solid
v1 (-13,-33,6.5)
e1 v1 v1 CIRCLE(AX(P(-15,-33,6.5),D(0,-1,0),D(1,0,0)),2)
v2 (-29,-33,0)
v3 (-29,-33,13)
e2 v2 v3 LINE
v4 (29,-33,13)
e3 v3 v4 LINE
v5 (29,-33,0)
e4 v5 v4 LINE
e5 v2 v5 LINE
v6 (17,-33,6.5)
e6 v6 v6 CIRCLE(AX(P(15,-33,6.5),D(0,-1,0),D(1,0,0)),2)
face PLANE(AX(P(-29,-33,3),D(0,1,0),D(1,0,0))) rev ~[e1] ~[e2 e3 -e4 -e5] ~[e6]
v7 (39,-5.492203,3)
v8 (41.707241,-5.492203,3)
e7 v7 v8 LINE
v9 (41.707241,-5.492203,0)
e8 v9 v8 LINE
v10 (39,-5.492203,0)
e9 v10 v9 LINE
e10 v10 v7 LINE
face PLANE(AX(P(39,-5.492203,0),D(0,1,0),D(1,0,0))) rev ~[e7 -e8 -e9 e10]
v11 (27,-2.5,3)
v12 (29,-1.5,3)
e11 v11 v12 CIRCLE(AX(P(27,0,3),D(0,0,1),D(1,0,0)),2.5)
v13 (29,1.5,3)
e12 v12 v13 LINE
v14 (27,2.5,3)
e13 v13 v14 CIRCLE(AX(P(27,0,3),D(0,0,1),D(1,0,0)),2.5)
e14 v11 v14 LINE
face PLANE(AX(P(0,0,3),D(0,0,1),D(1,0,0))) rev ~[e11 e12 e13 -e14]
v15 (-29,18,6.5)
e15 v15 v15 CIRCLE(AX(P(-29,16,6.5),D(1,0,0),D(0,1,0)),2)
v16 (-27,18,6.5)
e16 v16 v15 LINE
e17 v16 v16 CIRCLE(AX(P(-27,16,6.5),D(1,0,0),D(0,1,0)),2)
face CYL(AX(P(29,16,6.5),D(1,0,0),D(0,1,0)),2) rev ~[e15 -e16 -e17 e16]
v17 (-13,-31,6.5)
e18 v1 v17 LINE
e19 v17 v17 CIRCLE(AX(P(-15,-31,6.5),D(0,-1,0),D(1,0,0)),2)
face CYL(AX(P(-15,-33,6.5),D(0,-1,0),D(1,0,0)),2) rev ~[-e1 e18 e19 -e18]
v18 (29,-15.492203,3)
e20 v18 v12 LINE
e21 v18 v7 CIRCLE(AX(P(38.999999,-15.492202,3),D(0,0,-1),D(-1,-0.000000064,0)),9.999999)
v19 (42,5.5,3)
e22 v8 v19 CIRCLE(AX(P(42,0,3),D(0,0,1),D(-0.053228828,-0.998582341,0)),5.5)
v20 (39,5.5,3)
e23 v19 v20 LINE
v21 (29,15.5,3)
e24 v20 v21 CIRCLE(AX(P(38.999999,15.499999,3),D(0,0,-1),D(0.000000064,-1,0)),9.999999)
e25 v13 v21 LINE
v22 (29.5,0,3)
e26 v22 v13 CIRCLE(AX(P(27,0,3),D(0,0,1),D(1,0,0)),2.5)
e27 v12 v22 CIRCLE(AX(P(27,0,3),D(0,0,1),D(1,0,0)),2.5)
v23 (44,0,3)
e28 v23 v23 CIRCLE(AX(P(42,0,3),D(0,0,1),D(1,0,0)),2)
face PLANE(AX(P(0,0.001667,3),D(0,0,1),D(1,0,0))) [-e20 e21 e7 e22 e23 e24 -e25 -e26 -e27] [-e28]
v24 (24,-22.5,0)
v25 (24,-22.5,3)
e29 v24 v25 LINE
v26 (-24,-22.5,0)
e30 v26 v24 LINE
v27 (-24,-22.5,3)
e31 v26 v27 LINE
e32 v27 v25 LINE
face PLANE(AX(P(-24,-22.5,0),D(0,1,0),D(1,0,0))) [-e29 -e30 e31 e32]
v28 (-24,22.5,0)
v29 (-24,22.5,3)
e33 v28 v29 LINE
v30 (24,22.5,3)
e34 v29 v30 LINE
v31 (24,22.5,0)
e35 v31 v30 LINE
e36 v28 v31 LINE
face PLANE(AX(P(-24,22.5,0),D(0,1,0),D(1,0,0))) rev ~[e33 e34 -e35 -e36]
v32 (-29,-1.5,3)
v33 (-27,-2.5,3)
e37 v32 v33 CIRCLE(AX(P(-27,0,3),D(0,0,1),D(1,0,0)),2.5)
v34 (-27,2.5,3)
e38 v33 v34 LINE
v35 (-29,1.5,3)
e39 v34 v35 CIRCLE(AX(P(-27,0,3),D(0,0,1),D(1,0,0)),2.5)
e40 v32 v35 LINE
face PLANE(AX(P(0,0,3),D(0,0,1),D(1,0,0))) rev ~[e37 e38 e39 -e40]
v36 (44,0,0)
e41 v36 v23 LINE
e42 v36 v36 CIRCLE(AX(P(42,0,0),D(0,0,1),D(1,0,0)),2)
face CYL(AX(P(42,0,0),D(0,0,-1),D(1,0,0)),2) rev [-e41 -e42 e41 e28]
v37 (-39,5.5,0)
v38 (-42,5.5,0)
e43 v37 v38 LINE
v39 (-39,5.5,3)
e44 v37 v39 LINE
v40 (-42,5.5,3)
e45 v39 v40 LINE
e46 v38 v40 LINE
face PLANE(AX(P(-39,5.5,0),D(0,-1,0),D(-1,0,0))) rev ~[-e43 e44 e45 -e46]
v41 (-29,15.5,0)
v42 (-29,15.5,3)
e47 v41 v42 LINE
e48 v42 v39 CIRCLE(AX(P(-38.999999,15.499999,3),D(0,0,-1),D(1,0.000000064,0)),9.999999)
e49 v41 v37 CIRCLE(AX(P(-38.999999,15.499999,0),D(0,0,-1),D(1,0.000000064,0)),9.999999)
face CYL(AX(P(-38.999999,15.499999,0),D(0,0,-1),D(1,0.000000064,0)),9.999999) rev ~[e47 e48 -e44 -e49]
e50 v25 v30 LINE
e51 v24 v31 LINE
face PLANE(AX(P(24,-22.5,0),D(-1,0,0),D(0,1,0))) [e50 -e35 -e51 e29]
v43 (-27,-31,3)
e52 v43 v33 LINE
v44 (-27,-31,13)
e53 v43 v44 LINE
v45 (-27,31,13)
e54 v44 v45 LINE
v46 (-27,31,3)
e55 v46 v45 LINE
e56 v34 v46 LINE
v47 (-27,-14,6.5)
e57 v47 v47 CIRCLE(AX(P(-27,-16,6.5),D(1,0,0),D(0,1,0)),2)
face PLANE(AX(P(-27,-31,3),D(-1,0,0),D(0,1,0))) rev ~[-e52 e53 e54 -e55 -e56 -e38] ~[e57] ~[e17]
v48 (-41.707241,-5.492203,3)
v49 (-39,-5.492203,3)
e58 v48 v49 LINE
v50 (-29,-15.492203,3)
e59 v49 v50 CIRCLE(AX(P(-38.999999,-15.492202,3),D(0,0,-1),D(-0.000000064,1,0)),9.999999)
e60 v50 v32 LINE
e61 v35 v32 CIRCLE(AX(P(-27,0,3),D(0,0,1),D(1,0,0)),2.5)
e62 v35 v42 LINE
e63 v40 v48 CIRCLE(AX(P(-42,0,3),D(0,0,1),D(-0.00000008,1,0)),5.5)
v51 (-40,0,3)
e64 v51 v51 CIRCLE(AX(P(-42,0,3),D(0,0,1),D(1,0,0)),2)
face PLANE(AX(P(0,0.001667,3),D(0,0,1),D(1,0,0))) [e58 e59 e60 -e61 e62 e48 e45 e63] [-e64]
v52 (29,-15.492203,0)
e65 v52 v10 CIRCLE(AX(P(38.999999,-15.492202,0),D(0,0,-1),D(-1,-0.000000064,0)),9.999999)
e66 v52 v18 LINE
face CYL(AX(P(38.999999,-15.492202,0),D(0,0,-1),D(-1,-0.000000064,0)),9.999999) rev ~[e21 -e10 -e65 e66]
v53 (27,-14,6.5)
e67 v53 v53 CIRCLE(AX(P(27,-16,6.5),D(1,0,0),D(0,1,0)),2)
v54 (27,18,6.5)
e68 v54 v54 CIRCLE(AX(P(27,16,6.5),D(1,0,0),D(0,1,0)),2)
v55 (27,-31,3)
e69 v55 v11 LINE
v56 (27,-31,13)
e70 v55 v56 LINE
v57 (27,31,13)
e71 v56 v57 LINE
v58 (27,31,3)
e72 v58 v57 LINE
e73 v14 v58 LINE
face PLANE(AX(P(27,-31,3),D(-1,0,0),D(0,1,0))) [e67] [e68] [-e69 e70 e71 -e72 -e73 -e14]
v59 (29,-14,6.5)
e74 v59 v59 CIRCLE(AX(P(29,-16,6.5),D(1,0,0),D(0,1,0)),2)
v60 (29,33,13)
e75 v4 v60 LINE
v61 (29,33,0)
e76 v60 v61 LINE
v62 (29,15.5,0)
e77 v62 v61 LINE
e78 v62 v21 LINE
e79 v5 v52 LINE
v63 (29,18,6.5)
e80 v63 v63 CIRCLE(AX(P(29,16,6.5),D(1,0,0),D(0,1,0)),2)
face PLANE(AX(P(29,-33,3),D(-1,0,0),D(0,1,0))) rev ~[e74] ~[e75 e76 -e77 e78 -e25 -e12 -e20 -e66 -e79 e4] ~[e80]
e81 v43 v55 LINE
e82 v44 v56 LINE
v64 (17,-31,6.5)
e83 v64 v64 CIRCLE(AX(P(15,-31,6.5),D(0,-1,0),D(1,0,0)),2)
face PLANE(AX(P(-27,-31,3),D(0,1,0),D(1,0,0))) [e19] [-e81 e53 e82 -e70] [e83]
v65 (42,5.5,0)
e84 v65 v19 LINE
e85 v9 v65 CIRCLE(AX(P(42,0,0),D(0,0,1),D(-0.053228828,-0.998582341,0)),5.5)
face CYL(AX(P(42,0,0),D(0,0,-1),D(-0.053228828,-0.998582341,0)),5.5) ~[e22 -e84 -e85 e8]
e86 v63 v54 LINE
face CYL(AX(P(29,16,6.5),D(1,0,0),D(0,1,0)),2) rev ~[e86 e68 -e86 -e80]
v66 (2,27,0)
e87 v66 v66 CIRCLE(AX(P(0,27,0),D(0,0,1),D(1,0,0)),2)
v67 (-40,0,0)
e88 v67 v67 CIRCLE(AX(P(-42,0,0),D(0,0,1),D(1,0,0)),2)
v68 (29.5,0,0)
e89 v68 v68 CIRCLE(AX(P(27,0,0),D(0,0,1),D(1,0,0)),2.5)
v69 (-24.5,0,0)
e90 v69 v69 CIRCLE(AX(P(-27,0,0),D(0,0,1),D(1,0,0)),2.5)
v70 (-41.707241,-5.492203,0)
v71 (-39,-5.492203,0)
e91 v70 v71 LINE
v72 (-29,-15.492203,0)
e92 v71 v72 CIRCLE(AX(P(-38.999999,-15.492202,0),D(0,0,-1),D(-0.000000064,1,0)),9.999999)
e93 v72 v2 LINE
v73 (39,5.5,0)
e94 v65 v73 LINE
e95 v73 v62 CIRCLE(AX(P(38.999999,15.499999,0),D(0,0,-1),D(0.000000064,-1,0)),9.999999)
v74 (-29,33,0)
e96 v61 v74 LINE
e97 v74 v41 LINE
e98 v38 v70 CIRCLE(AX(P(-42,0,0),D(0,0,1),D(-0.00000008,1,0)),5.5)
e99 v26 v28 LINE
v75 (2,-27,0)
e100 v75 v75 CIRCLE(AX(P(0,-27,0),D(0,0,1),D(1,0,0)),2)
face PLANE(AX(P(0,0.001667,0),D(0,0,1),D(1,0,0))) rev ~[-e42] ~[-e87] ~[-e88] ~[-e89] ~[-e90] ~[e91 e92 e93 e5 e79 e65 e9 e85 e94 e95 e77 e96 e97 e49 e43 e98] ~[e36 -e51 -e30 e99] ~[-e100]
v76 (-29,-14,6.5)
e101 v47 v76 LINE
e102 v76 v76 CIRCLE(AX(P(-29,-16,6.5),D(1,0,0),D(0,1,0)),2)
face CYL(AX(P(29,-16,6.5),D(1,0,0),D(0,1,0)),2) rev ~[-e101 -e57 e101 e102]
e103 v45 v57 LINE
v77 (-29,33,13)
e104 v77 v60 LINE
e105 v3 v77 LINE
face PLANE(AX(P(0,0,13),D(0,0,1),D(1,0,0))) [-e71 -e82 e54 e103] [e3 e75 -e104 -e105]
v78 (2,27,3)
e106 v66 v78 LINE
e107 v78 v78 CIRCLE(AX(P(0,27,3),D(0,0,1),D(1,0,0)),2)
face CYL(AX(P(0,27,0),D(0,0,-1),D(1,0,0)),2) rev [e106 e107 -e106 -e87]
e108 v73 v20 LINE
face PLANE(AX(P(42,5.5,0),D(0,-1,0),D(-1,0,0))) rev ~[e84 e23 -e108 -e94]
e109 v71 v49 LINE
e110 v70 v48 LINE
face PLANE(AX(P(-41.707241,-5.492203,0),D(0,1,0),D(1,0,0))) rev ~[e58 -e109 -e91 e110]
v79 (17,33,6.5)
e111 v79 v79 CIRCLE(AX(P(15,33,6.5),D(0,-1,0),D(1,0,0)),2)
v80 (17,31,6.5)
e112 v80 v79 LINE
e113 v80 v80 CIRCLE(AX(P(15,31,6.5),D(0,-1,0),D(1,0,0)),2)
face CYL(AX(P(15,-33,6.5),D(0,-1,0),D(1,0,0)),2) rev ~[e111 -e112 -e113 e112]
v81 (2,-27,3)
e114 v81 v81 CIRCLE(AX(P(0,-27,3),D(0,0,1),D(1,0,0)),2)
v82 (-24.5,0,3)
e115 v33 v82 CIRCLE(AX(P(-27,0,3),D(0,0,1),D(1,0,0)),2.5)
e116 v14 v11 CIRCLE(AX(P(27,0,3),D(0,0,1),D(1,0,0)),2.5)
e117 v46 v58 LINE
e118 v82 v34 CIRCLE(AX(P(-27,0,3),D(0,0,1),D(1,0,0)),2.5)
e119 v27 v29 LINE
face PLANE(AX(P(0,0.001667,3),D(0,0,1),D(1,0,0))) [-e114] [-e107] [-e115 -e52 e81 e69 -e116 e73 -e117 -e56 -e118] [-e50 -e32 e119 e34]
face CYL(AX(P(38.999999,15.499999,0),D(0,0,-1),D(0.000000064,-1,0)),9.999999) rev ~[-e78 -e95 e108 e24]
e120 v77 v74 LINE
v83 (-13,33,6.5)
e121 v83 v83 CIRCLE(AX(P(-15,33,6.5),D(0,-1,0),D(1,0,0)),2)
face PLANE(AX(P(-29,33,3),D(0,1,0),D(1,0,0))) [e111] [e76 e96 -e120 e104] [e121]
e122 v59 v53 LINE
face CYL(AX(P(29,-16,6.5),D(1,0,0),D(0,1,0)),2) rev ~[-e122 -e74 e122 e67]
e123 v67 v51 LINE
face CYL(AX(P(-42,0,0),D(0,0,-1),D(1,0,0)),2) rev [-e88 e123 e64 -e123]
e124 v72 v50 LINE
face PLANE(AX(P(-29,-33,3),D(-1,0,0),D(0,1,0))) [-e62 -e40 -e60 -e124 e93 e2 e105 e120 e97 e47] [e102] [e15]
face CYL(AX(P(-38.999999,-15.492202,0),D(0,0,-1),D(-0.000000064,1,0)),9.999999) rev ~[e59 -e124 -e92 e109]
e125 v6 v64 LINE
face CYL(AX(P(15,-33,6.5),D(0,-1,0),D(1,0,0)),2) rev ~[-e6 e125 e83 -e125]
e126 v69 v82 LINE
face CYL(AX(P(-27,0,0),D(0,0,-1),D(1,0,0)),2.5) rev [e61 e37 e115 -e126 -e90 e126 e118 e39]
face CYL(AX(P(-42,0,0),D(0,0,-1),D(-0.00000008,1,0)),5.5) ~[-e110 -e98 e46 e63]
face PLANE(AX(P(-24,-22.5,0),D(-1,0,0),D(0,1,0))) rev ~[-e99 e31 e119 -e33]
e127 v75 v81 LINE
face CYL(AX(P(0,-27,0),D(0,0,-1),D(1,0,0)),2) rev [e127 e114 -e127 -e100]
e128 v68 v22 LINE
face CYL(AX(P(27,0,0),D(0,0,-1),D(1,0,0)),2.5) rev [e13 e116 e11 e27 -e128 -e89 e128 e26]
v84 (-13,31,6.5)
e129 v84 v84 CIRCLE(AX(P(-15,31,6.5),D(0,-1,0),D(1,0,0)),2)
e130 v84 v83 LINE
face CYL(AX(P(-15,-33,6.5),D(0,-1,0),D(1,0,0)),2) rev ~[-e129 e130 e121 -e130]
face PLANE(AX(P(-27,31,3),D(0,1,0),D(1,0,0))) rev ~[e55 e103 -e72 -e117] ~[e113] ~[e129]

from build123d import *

# Parameters (mm, degrees)
F0_R     = 2
F0_R_2   = 2.5
F0_W     = 48
F0_H     = 45
F1_DEPTH = 3
F2_W     = 58
F2_H     = 66
F2_W_2   = 54
F2_H_2   = 62
F3_DEPTH = 10
F4_R     = 2
F5_DEPTH = 150
F6_R     = 2
F7_DEPTH = 150


with BuildPart() as f1:
    # F0 (on Top) → F1 (new body)
    with BuildSketch(Plane.XY):
        with BuildLine():
            Line((-29, -33), (29, -33))
            Line((29, -33), (29, -15.492203))
            ThreePointArc((29, -15.492203), (31.928932, -8.421135), (39, -5.492203))
            Line((39, -5.492203), (41.707241, -5.492203))
            ThreePointArc((41.707241, -5.492203), (47.49805, -0.146431), (42, 5.5))
            Line((42, 5.5), (39, 5.5))
            ThreePointArc((39, 5.5), (31.928932, 8.428932), (29, 15.5))
            Line((29, 15.5), (29, 33))
            Line((29, 33), (-29, 33))
            Line((-29, 33), (-29, 15.5))
            ThreePointArc((-29, 15.5), (-31.928932, 8.428932), (-39, 5.5))
            Line((-39, 5.5), (-42, 5.5))
            ThreePointArc((-42, 5.5), (-47.49805, -0.146431), (-41.707241, -5.492203))
            Line((-41.707241, -5.492203), (-39, -5.492203))
            ThreePointArc((-39, -5.492203), (-31.928932, -8.421135), (-29, -15.492203))
            Line((-29, -15.492203), (-29, -33))
        make_face()
        with Locations((0, -27)):
            Circle(F0_R, mode=Mode.SUBTRACT)
        with Locations((-42, 0)):
            Circle(F0_R, mode=Mode.SUBTRACT)
        with Locations((-27, 0)):
            Circle(F0_R_2, mode=Mode.SUBTRACT)
        Rectangle(F0_W, F0_H, mode=Mode.SUBTRACT)
        with Locations((27, 0)):
            Circle(F0_R_2, mode=Mode.SUBTRACT)
        with Locations((42, 0)):
            Circle(F0_R, mode=Mode.SUBTRACT)
        with Locations((0, 27)):
            Circle(F0_R, mode=Mode.SUBTRACT)
    extrude(amount=F1_DEPTH)

    # F2 (on face) → F3 (join)
    with BuildSketch(Plane.XY.offset(3)):
        Rectangle(F2_W, F2_H)
        Rectangle(F2_W_2, F2_H_2, mode=Mode.SUBTRACT)
    extrude(amount=F3_DEPTH)

    # F4 (on face) → F5 (cut)
    with BuildSketch(Plane.XZ.offset(33)):
        with Locations((-15, 6.5)):
            Circle(F4_R)
        with Locations((15, 6.5)):
            Circle(F4_R)
    extrude(amount=-F5_DEPTH, mode=Mode.SUBTRACT)

    # F6 (on face) → F7 (cut)
    with BuildSketch(Plane.YZ.offset(29)):
        with Locations((-16, 6.5)):
            Circle(F6_R)
        with Locations((16, 6.5)):
            Circle(F6_R)
    extrude(amount=-F7_DEPTH, mode=Mode.SUBTRACT)


solid = f1.part
